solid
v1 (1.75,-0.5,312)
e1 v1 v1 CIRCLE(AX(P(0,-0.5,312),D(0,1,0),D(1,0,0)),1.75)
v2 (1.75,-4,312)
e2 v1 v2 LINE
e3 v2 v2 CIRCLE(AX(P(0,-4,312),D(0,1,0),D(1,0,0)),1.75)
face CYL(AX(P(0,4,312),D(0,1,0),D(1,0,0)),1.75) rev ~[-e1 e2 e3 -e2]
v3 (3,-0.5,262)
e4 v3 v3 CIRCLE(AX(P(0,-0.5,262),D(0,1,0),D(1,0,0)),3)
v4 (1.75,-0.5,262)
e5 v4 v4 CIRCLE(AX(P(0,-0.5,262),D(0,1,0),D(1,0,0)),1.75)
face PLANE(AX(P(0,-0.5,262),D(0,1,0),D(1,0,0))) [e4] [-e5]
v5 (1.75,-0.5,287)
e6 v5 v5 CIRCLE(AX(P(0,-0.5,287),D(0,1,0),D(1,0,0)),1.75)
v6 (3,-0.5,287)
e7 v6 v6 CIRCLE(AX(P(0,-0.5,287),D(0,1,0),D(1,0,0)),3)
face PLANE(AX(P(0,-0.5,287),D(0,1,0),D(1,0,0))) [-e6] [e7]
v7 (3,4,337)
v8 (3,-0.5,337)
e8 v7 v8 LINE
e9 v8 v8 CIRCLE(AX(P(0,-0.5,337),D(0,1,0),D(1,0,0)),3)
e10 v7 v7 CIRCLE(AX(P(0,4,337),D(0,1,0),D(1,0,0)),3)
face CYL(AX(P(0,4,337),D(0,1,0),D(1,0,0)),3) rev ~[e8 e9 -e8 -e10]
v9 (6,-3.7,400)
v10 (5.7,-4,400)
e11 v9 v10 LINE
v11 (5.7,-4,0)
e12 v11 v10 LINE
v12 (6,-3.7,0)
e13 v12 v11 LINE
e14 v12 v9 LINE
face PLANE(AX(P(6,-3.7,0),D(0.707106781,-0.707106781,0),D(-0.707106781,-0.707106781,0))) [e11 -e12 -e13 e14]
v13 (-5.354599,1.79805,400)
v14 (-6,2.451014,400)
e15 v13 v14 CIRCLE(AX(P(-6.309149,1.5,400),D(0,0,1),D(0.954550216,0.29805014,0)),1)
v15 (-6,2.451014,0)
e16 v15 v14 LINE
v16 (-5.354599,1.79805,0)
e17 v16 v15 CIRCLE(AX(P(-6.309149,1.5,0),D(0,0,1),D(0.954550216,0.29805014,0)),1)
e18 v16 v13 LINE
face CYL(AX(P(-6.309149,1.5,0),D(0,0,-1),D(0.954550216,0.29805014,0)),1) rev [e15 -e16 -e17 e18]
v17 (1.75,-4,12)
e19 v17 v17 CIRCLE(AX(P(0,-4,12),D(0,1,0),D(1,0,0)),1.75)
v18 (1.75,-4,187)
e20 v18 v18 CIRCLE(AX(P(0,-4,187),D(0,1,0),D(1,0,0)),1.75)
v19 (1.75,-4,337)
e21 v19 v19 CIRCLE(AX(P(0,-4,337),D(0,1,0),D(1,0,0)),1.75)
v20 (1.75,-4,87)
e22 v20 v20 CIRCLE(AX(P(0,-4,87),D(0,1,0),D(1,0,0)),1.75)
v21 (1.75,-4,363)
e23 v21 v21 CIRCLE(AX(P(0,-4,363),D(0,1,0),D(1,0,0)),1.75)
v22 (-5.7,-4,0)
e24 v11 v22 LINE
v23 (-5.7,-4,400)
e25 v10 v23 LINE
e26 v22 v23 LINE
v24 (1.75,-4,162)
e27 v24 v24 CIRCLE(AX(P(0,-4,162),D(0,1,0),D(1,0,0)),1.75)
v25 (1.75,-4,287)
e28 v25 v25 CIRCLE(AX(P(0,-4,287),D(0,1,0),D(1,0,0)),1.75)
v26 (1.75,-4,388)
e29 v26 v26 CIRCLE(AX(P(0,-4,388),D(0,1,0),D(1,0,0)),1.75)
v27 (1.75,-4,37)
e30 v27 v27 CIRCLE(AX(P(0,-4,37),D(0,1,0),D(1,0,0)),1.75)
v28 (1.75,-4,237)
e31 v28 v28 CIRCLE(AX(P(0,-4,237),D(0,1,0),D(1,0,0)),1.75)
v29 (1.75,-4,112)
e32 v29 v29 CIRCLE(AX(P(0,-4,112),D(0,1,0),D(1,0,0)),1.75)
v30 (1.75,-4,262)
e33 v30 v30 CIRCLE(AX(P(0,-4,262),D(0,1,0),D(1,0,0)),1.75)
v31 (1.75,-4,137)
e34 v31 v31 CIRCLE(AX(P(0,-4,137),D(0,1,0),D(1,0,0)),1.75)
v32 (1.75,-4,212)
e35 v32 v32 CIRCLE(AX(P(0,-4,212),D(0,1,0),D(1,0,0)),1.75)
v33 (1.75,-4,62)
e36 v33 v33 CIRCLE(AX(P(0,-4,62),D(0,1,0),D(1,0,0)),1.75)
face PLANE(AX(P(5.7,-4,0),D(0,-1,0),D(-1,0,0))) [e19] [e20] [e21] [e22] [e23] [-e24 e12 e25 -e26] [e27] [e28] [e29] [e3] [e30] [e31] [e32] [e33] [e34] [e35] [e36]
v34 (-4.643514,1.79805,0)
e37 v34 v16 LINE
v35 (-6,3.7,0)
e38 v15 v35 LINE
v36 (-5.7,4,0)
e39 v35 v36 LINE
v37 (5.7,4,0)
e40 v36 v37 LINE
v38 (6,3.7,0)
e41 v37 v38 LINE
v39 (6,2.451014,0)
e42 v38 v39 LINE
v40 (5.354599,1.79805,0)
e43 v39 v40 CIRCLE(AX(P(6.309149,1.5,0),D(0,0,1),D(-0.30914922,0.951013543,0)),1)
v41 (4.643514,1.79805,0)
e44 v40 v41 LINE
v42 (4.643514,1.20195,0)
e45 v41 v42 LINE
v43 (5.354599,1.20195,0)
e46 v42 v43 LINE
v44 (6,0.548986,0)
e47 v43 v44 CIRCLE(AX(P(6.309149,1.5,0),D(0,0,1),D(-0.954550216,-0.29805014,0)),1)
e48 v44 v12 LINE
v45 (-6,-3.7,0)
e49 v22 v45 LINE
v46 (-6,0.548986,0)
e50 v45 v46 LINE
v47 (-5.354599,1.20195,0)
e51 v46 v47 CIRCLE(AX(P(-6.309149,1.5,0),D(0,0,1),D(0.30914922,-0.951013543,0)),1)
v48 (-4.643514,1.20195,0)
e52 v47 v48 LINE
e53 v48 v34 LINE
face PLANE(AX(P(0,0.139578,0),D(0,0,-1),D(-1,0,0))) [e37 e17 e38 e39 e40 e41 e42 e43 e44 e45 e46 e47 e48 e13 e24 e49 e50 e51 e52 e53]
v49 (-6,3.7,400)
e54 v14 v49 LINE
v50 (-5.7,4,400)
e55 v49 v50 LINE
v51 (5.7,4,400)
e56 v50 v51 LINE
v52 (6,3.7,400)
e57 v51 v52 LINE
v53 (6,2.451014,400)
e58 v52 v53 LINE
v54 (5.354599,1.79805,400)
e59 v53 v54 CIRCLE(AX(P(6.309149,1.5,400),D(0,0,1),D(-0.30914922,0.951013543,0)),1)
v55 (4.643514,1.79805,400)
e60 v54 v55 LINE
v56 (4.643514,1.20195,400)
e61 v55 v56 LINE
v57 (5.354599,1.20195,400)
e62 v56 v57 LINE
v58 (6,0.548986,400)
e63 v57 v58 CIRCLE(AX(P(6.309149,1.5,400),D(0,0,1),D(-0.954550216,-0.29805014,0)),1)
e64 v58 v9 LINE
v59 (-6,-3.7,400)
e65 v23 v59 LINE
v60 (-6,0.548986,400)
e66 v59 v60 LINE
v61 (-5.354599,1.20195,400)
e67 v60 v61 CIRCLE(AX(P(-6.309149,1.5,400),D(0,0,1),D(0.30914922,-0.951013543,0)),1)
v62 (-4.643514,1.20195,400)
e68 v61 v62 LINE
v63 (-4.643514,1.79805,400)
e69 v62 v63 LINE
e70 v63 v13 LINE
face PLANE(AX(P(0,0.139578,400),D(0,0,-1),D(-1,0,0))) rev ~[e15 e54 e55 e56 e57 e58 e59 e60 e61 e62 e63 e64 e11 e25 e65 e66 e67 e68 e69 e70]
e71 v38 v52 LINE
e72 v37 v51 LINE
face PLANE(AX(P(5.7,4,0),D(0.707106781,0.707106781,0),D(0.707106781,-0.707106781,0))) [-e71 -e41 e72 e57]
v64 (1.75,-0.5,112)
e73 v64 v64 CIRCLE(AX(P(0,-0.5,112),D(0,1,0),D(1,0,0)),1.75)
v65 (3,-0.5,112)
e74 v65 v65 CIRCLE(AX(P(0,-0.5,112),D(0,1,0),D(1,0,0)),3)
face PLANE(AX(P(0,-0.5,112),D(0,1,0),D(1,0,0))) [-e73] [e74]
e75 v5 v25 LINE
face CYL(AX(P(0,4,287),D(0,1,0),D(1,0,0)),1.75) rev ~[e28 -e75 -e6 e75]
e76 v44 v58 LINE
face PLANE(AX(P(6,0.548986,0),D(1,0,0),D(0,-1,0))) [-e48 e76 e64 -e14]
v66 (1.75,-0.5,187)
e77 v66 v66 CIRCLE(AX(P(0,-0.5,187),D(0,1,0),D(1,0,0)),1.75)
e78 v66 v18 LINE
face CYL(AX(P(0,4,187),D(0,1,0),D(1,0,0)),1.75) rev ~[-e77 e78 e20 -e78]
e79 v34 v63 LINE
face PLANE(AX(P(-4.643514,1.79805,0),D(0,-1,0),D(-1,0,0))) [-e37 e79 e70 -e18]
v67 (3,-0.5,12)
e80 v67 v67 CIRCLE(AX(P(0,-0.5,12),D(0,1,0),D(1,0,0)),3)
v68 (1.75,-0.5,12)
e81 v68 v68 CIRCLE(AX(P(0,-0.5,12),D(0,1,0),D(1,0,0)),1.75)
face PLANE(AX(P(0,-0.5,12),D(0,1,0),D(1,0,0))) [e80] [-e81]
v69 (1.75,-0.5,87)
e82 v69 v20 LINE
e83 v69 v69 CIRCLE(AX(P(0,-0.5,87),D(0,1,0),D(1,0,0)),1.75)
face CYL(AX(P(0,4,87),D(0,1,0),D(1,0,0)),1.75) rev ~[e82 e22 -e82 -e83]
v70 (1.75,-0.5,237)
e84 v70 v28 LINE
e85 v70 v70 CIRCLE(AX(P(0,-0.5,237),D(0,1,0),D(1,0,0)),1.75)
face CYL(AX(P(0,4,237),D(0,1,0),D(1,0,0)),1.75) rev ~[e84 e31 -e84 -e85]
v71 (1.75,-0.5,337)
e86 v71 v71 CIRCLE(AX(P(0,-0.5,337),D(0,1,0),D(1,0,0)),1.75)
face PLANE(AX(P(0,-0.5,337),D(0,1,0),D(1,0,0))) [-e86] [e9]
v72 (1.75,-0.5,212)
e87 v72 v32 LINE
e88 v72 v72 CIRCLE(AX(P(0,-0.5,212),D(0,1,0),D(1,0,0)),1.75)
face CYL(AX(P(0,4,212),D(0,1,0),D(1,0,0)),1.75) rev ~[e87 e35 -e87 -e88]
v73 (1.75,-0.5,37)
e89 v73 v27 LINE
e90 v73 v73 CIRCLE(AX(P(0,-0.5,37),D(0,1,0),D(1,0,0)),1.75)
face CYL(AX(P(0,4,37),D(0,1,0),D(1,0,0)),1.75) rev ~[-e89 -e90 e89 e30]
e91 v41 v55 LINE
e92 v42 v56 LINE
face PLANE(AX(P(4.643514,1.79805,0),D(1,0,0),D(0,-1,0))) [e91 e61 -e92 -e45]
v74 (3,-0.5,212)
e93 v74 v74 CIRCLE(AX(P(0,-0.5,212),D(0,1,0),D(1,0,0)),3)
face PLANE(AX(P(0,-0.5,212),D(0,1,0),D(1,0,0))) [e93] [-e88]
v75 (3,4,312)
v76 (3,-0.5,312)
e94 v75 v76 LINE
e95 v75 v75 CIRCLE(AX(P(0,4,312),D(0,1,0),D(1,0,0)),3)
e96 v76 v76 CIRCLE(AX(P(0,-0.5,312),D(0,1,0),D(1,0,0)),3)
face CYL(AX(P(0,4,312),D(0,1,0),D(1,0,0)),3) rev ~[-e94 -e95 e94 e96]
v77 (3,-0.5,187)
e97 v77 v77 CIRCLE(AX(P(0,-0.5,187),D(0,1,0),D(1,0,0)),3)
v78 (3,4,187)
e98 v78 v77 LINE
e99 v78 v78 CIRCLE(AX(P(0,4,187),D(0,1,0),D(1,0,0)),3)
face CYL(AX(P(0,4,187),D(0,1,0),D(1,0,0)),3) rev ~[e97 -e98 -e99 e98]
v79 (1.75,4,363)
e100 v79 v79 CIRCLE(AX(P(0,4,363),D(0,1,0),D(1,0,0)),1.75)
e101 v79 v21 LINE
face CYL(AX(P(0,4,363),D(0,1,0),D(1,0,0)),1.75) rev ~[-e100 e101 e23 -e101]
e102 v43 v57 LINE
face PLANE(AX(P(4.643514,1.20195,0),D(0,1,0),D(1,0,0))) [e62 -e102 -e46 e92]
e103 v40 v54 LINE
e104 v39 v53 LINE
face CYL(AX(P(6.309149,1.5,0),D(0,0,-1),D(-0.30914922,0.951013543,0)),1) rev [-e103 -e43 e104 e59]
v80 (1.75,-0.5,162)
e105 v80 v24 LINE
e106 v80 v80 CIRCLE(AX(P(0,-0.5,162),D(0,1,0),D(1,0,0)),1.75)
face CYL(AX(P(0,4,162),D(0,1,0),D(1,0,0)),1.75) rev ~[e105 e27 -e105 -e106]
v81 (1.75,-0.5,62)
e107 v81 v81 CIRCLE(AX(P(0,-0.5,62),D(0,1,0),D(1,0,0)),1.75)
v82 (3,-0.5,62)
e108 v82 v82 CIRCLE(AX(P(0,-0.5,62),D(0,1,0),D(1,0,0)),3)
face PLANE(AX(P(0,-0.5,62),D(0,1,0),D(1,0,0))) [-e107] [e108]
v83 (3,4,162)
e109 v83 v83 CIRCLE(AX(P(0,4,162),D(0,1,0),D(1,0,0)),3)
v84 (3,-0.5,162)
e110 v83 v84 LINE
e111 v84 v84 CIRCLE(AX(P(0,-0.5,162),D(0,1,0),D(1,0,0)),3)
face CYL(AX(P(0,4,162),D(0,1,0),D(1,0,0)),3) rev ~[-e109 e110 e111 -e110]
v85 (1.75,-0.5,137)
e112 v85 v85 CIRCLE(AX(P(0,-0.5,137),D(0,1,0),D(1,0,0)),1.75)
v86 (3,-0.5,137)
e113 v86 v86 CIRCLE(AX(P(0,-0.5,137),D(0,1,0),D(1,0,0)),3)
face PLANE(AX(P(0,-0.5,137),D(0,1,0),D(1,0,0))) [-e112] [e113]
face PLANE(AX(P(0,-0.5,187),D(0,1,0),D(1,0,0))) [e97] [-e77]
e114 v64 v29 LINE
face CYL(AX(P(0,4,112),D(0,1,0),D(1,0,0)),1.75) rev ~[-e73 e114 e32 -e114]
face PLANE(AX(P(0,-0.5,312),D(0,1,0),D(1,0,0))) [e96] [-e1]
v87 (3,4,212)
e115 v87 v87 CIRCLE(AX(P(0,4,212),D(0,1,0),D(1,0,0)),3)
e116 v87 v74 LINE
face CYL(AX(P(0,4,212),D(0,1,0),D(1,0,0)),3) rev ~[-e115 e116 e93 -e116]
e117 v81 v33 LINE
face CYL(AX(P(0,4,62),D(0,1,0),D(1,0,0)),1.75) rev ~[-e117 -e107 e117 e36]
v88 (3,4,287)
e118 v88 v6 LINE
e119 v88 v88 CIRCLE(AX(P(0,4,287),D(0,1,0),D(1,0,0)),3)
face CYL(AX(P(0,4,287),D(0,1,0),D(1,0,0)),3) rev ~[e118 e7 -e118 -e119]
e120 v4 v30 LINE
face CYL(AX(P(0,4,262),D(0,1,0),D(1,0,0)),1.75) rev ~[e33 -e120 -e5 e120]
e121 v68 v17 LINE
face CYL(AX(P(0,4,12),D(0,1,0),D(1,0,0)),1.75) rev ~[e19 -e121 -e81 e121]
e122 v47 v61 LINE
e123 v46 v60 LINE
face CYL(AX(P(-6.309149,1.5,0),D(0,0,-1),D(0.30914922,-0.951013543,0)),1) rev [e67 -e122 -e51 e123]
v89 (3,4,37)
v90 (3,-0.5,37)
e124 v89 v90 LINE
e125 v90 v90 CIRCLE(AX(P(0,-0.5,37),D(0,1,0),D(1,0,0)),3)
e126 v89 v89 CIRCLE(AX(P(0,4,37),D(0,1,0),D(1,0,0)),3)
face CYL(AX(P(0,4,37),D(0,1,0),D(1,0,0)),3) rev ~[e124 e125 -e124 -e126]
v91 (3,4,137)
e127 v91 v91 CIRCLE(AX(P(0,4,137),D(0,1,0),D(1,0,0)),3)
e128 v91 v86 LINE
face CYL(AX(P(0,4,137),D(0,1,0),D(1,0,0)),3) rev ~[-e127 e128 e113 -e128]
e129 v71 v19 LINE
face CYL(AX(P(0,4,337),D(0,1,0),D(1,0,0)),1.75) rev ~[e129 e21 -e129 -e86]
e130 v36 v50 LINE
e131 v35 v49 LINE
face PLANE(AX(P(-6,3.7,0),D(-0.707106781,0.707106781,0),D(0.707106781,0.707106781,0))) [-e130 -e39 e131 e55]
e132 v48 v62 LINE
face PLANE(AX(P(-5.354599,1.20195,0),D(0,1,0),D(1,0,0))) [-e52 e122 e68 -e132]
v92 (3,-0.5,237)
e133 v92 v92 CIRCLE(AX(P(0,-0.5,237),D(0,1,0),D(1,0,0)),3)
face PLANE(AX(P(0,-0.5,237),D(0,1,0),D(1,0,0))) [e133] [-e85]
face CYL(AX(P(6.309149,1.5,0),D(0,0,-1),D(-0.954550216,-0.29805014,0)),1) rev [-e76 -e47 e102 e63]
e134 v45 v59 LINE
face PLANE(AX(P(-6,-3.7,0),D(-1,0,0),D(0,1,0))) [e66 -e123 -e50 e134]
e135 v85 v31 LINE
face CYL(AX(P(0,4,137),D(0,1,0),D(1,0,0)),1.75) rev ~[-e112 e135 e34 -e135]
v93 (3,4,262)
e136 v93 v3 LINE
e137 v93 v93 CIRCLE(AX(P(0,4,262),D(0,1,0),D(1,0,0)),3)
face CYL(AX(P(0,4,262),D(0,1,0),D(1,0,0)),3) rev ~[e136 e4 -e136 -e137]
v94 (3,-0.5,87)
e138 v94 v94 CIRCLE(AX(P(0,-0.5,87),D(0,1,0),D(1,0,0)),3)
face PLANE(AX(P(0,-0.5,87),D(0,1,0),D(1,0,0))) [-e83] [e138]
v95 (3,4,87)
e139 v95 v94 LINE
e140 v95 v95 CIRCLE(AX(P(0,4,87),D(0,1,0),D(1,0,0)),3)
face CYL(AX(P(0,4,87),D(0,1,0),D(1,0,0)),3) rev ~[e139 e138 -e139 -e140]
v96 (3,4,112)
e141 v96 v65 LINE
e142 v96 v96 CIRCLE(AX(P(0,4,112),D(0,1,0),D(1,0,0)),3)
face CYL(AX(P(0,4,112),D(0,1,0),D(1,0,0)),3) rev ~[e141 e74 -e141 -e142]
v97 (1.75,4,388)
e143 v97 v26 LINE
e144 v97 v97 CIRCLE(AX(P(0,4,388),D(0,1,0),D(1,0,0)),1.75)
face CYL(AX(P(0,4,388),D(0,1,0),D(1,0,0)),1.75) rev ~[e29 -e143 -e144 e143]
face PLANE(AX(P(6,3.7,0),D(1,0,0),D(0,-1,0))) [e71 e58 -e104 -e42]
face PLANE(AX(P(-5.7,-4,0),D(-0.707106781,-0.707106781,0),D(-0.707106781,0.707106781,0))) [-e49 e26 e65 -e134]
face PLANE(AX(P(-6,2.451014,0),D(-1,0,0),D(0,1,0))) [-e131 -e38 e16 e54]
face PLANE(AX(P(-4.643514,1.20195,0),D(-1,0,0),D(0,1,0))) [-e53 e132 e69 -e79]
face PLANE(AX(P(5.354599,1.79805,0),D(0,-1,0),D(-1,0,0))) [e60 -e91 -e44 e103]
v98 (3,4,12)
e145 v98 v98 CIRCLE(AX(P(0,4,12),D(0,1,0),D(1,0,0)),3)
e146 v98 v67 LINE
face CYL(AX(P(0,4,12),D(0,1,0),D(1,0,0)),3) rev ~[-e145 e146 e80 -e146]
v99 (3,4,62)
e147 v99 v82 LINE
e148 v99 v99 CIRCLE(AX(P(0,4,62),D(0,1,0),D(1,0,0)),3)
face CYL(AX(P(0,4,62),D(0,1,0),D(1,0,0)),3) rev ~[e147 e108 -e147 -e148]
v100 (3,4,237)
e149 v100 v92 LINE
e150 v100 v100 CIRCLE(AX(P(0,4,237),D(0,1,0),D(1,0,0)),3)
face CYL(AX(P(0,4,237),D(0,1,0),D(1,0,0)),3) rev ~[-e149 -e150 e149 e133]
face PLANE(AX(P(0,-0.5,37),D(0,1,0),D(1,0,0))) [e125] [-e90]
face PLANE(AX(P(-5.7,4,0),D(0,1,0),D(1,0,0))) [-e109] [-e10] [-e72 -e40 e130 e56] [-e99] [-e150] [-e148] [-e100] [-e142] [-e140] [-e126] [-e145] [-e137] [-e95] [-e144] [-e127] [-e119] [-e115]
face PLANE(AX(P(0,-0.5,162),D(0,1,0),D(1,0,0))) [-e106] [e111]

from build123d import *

# Parameters (mm, degrees)
EXTRUDE_1_DEPTH        = 400
SKETCH_2_R             = 3
SKETCH_2_R_2           = 1.75
CUT_EXTRUDE_1_DEPTH    = 4.5
SKETCH_2_2_R           = 1.75
CUT_EXTRUDE_2_DEPTH    = 9
PATTERN_LINEAR_1_COUNT = 14
PATTERN_LINEAR_1_PITCH = 25
CROQUIS1_R             = 1.75
CORTAR_EXTRUIR1_DEPTH  = 8


with BuildPart() as part:
    # Эскиз1 → Бобышка-Вытянуть1 (new body)
    with BuildSketch(Plane.XY):
        with BuildLine():
            Line((-6, 3.7), (-5.7, 4))
            Line((-5.7, 4), (5.7, 4))
            Line((5.7, 4), (6, 3.7))
            Line((6, 3.7), (6, 2.451013544))
            ThreePointArc((6, 2.451013544), (5.597935912, 2.202976267), (5.354599002, 1.798050138))
            Line((5.354599002, 1.798050138), (4.643514056, 1.798050138))
            Line((4.643514056, 1.798050138), (4.643514056, 1.201949862))
            Line((4.643514056, 1.201949862), (5.354599002, 1.201949862))
            ThreePointArc((5.354599002, 1.201949862), (5.597935912, 0.797023733), (6, 0.548986456))
            Line((6, 0.548986456), (6, -3.7))
            Line((6, -3.7), (5.7, -4))
            Line((5.7, -4), (-5.7, -4))
            Line((-5.7, -4), (-6, -3.7))
            Line((-6, -3.7), (-6, 0.548986456))
            ThreePointArc((-6, 0.548986456), (-5.597935912, 0.797023733), (-5.354599002, 1.201949862))
            Line((-5.354599002, 1.201949862), (-4.643514056, 1.201949862))
            Line((-4.643514056, 1.201949862), (-4.643514056, 1.798050138))
            Line((-4.643514056, 1.798050138), (-5.354599002, 1.798050138))
            ThreePointArc((-5.354599002, 1.798050138), (-5.597935912, 2.202976267), (-6, 2.451013544))
            Line((-6, 2.451013544), (-6, 3.7))
        make_face()
    extrude(amount=EXTRUDE_1_DEPTH)

    # Эскиз2 → Вырез-Вытянуть1 (cut)
    with BuildSketch(Plane(origin=(0, 4, 0), x_dir=(1, 0, 0), z_dir=(0, 1, 0))):
        with Locations((0, -12)):
            Circle(SKETCH_2_R)
        with Locations((0, -12)):
            Circle(SKETCH_2_R_2, mode=Mode.SUBTRACT)
    cut_extrude_1 = extrude(amount=-CUT_EXTRUDE_1_DEPTH, mode=Mode.SUBTRACT)

    # Эскиз2<2> → Вырез-Вытянуть2 (cut, through all)
    with BuildSketch(Plane(origin=(0, 4, 0), x_dir=(1, 0, 0), z_dir=(0, 1, 0))):
        with Locations((0, -12)):
            Circle(SKETCH_2_2_R)
    cut_extrude_2 = extrude(amount=-CUT_EXTRUDE_2_DEPTH, mode=Mode.SUBTRACT)

    # Линейный массив1: Вырез-Вытянуть1, Вырез-Вытянуть2 ×14
    with Locations(*[(0, 0, i * PATTERN_LINEAR_1_PITCH) for i in range(1, PATTERN_LINEAR_1_COUNT)]):
        add(cut_extrude_1, mode=Mode.SUBTRACT)
        add(cut_extrude_2, mode=Mode.SUBTRACT)

    # Croquis1 → Cortar-Extruir1 (cut)
    with BuildSketch(Plane(origin=(0, 4, 0), x_dir=(1, 0, 0), z_dir=(0, 1, 0))):
        with Locations((0, -388)):
            Circle(CROQUIS1_R)
        with Locations((0, -363)):
            Circle(CROQUIS1_R)
    extrude(amount=-CORTAR_EXTRUIR1_DEPTH, mode=Mode.SUBTRACT)


solid = part.part
